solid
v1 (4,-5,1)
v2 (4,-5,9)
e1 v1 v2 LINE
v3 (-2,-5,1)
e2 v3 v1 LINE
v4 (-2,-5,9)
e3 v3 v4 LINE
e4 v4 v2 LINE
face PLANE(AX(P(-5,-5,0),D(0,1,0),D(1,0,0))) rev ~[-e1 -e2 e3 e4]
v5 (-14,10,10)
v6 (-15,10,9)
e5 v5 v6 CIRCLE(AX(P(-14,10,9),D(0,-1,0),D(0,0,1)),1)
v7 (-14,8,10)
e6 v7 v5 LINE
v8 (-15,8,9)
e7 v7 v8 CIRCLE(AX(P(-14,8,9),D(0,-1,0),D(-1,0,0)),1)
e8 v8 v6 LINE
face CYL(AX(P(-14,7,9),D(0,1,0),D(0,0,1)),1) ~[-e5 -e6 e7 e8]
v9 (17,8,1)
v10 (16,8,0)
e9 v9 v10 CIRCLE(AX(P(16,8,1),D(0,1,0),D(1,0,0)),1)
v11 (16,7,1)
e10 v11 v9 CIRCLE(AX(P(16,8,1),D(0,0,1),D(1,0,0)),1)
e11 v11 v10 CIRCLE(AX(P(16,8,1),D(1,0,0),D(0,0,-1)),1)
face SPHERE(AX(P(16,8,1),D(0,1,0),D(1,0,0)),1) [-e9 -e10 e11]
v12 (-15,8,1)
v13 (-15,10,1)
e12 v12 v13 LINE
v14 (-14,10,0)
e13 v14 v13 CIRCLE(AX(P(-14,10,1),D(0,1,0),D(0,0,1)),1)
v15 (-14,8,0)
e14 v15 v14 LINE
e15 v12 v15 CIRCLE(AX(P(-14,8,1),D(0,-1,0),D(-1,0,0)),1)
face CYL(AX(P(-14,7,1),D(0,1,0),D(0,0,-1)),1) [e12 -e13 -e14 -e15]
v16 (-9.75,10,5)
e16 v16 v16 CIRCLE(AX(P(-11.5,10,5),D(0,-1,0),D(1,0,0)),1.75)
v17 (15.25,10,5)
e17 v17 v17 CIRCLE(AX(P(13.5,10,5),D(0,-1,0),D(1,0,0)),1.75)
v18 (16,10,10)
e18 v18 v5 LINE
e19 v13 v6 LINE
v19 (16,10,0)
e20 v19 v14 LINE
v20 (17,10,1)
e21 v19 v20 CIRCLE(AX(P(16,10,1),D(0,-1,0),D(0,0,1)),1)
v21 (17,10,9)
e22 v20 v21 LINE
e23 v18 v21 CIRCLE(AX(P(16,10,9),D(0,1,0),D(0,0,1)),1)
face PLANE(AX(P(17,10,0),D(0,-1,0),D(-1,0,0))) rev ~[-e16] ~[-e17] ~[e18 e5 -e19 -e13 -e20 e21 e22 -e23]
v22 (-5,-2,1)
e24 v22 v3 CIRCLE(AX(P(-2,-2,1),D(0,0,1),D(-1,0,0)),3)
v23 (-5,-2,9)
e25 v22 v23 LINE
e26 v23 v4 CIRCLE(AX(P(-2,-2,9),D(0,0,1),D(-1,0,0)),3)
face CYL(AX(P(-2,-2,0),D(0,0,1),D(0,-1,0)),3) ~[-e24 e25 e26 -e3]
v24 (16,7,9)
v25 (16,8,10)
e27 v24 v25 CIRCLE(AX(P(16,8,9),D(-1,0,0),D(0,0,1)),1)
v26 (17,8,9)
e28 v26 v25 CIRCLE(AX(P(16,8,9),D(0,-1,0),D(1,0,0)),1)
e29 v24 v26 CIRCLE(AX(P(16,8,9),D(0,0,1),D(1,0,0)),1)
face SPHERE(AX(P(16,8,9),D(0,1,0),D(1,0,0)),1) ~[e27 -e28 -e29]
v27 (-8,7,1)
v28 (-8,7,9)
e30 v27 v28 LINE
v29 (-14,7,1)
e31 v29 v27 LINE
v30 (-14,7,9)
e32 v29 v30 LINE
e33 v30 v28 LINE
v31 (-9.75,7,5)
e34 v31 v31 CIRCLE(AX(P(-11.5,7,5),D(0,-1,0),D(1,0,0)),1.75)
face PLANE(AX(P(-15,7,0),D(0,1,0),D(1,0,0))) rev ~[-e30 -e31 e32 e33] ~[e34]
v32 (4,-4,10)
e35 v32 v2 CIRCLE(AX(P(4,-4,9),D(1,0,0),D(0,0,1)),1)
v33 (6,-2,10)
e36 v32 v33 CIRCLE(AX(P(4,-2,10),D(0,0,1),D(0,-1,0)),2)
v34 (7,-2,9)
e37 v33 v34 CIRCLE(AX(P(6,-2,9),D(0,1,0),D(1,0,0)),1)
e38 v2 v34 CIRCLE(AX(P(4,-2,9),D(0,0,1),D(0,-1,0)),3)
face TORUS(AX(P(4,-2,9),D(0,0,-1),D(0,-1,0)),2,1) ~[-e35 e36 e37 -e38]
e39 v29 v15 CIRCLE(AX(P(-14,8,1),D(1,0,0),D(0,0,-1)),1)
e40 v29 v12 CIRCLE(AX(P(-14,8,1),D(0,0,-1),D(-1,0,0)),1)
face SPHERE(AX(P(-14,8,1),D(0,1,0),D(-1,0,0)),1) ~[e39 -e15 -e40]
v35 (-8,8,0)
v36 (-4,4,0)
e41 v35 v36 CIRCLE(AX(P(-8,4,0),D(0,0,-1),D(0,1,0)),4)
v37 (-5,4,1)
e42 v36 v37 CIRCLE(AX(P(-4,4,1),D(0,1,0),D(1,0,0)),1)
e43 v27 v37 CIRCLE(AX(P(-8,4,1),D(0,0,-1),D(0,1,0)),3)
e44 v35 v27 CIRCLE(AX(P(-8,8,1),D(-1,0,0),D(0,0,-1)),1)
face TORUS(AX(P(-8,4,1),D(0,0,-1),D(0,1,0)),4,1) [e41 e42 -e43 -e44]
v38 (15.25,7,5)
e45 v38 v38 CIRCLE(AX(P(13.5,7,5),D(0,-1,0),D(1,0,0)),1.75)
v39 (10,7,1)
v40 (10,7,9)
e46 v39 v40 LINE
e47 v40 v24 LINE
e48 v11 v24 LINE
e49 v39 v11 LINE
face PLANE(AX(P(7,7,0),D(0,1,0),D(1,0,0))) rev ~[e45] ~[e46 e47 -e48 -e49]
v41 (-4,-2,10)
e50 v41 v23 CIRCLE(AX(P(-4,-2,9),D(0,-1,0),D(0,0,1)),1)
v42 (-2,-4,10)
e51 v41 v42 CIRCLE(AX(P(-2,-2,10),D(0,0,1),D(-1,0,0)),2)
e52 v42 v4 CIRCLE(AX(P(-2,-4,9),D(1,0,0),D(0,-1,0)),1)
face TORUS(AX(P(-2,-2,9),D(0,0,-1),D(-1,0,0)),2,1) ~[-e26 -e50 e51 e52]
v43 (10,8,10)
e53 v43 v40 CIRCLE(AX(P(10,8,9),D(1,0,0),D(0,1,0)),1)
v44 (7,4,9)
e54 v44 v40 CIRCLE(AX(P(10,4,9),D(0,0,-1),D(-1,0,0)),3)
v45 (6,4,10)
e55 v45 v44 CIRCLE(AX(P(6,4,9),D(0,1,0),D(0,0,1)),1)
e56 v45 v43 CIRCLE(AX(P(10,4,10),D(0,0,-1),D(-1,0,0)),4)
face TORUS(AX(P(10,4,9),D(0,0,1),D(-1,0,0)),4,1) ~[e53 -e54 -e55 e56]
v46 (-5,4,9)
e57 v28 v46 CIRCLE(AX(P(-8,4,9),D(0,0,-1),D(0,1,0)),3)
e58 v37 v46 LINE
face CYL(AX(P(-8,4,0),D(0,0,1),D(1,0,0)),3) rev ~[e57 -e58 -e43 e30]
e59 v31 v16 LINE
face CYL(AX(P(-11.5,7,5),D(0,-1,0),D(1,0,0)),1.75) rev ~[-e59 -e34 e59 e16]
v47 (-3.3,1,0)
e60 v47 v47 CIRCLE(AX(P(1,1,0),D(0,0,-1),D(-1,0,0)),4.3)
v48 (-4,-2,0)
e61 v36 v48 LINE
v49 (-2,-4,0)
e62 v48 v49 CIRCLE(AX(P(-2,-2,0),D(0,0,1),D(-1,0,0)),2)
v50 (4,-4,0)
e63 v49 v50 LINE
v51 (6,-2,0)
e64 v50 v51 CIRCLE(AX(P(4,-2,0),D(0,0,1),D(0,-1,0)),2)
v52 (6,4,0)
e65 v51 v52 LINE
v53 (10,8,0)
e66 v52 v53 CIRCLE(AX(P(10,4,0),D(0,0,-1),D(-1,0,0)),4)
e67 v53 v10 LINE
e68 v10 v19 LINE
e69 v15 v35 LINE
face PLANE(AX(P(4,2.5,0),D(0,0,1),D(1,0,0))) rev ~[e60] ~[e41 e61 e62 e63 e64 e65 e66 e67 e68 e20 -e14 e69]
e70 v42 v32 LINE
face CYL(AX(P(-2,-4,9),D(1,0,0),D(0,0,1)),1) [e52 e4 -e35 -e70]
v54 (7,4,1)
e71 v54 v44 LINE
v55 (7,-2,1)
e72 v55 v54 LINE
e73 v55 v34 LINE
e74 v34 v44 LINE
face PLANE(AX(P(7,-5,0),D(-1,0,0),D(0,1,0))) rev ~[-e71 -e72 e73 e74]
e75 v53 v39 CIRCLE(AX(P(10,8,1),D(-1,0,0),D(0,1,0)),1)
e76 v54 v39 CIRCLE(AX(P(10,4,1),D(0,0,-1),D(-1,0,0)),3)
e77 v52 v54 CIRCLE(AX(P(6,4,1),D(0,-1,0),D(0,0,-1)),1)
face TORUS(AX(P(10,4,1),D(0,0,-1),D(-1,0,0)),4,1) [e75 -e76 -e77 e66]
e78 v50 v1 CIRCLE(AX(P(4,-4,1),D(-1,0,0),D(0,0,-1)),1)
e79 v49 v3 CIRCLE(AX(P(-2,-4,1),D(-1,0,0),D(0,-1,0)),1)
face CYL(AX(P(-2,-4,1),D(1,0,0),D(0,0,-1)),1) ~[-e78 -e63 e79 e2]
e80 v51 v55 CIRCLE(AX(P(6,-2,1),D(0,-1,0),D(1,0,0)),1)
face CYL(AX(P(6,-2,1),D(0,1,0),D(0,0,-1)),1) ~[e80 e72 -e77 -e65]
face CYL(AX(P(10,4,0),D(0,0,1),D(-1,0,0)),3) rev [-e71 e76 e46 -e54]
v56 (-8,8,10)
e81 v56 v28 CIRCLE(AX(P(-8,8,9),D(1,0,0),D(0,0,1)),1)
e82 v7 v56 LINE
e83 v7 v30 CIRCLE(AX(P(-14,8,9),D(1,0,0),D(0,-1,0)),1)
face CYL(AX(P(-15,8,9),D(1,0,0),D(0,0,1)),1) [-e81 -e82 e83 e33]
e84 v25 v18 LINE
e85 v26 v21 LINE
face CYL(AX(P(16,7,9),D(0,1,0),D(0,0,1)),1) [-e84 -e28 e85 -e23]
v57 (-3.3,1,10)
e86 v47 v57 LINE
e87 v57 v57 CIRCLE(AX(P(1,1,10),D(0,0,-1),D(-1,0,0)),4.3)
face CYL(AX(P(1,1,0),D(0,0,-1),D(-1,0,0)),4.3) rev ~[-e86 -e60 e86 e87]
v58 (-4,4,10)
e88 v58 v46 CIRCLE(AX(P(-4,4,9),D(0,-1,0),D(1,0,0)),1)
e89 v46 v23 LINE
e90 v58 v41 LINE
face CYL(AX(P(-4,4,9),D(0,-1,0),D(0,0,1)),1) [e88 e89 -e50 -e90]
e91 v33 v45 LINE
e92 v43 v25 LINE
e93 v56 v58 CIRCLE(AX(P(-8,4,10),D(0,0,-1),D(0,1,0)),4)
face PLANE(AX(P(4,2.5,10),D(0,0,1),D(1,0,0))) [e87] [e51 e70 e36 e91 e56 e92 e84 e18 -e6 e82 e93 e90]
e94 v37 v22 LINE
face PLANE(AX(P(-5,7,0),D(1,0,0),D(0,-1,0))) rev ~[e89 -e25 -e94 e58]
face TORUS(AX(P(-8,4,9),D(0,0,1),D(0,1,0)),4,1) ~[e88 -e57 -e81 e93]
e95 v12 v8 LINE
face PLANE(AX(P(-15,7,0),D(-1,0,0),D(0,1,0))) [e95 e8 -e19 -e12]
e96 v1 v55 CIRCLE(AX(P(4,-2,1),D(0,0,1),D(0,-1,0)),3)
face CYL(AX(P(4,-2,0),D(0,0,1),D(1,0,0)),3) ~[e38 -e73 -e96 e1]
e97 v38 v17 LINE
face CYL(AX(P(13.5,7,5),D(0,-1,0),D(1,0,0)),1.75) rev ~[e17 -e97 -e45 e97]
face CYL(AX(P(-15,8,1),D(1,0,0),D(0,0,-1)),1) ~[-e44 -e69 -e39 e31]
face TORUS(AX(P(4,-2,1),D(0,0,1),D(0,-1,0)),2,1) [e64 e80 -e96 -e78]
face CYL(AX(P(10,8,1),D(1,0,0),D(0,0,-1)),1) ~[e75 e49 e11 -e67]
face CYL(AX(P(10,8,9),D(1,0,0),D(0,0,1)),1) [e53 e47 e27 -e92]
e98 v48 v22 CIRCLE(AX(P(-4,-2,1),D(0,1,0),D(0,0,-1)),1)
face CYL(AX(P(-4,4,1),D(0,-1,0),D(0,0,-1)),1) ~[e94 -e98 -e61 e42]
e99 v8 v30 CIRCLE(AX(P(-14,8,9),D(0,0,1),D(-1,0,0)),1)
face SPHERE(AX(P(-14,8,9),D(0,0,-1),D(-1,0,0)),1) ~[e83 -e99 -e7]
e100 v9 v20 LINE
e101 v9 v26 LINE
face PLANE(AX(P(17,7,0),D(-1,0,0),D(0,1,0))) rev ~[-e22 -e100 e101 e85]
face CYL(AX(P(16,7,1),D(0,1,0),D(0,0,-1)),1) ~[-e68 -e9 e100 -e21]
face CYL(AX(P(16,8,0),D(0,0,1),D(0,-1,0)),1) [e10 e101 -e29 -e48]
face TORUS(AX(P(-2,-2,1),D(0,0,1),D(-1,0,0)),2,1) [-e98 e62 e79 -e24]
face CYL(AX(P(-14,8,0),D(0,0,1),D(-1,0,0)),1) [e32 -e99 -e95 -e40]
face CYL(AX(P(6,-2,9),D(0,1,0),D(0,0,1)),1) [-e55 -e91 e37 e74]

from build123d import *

# Parameters (mm, degrees)
SKETCH_1_W          = 10
SKETCH_1_H          = 3
EXTRUDE_1_DEPTH     = 10
SKETCH_2_R          = 4.3
CUT_EXTRUDE_1_DEPTH = 11
SKETCH_3_R          = 1.75
CUT_EXTRUDE_2_DEPTH = 4
FILLET_1_R          = 3
FILLET_2_R          = 1


with BuildPart() as part:
    # ｽｹｯﾁ1 → ﾎﾞｽ - 押し出し1 (new body)
    with BuildSketch(Plane.XY):
        Polygon((7, 10), (1, 10), (1, -5), (7, -5), (7, 7), align=None)
        with Locations((12, 8.5)):
            Rectangle(SKETCH_1_W, SKETCH_1_H)
        Polygon((1, -5), (1, 10), (-5, 10), (-5, 7), (-5, -5), align=None)
        with Locations((-10, 8.5)):
            Rectangle(SKETCH_1_W, SKETCH_1_H)
    extrude(amount=EXTRUDE_1_DEPTH)

    # ｽｹｯﾁ2 → ｶｯﾄ - 押し出し1 (cut, through all)
    with BuildSketch(Plane(origin=(0, 0, 0), x_dir=(-1, 0, 0), z_dir=(0, 0, -1))):
        with Locations((-1, 1)):
            Circle(SKETCH_2_R)
    extrude(amount=-CUT_EXTRUDE_1_DEPTH, mode=Mode.SUBTRACT)

    # ｽｹｯﾁ3 → ｶｯﾄ - 押し出し2 (cut, through all)
    with BuildSketch(Plane.XZ.offset(-7)):
        with Locations((-11.5, 5)):
            Circle(SKETCH_3_R)
        with Locations((13.5, 5)):
            Circle(SKETCH_3_R)
    extrude(amount=-CUT_EXTRUDE_2_DEPTH, mode=Mode.SUBTRACT)

    # ﾌｨﾚｯﾄ1
    fillet_1_edges = [part.edges().sort_by_distance(p)[0] for p in [
        (7, -5, 5),
        (-5, -5, 5),
        (-5, 7, 5),
        (7, 7, 5),
    ]]
    fillet(fillet_1_edges, radius=FILLET_1_R)

    # ﾌｨﾚｯﾄ2
    fillet_2_edges = [part.edges().sort_by_distance(p)[0] for p in [
        (-15, 8.5, 0),
        (17, 8.5, 0),
        (17, 8.5, 10),
        (-15, 7, 5),
        (17, 7, 5),
        (-15, 8.5, 10),
        (-5, 1, 0),
        (-5, 1, 10),
        (-11.5, 7, 0),
        (-11.5, 7, 10),
        (13.5, 7, 0),
        (13.5, 7, 10),
        (7, 1, 0),
        (7, 1, 10),
        (1, -5, 0),
        (1, -5, 10),
        (6.121320344, -4.121320344, 0),
        (-4.121320344, -4.121320344, 0),
        (6.121320344, -4.121320344, 10),
        (-4.121320344, -4.121320344, 10),
        (-5.878679656, 6.121320344, 0),
        (-5.878679656, 6.121320344, 10),
        (7.878679656, 6.121320344, 0),
        (7.878679656, 6.121320344, 10),
    ]]
    fillet(fillet_2_edges, radius=FILLET_2_R)


solid = part.part
